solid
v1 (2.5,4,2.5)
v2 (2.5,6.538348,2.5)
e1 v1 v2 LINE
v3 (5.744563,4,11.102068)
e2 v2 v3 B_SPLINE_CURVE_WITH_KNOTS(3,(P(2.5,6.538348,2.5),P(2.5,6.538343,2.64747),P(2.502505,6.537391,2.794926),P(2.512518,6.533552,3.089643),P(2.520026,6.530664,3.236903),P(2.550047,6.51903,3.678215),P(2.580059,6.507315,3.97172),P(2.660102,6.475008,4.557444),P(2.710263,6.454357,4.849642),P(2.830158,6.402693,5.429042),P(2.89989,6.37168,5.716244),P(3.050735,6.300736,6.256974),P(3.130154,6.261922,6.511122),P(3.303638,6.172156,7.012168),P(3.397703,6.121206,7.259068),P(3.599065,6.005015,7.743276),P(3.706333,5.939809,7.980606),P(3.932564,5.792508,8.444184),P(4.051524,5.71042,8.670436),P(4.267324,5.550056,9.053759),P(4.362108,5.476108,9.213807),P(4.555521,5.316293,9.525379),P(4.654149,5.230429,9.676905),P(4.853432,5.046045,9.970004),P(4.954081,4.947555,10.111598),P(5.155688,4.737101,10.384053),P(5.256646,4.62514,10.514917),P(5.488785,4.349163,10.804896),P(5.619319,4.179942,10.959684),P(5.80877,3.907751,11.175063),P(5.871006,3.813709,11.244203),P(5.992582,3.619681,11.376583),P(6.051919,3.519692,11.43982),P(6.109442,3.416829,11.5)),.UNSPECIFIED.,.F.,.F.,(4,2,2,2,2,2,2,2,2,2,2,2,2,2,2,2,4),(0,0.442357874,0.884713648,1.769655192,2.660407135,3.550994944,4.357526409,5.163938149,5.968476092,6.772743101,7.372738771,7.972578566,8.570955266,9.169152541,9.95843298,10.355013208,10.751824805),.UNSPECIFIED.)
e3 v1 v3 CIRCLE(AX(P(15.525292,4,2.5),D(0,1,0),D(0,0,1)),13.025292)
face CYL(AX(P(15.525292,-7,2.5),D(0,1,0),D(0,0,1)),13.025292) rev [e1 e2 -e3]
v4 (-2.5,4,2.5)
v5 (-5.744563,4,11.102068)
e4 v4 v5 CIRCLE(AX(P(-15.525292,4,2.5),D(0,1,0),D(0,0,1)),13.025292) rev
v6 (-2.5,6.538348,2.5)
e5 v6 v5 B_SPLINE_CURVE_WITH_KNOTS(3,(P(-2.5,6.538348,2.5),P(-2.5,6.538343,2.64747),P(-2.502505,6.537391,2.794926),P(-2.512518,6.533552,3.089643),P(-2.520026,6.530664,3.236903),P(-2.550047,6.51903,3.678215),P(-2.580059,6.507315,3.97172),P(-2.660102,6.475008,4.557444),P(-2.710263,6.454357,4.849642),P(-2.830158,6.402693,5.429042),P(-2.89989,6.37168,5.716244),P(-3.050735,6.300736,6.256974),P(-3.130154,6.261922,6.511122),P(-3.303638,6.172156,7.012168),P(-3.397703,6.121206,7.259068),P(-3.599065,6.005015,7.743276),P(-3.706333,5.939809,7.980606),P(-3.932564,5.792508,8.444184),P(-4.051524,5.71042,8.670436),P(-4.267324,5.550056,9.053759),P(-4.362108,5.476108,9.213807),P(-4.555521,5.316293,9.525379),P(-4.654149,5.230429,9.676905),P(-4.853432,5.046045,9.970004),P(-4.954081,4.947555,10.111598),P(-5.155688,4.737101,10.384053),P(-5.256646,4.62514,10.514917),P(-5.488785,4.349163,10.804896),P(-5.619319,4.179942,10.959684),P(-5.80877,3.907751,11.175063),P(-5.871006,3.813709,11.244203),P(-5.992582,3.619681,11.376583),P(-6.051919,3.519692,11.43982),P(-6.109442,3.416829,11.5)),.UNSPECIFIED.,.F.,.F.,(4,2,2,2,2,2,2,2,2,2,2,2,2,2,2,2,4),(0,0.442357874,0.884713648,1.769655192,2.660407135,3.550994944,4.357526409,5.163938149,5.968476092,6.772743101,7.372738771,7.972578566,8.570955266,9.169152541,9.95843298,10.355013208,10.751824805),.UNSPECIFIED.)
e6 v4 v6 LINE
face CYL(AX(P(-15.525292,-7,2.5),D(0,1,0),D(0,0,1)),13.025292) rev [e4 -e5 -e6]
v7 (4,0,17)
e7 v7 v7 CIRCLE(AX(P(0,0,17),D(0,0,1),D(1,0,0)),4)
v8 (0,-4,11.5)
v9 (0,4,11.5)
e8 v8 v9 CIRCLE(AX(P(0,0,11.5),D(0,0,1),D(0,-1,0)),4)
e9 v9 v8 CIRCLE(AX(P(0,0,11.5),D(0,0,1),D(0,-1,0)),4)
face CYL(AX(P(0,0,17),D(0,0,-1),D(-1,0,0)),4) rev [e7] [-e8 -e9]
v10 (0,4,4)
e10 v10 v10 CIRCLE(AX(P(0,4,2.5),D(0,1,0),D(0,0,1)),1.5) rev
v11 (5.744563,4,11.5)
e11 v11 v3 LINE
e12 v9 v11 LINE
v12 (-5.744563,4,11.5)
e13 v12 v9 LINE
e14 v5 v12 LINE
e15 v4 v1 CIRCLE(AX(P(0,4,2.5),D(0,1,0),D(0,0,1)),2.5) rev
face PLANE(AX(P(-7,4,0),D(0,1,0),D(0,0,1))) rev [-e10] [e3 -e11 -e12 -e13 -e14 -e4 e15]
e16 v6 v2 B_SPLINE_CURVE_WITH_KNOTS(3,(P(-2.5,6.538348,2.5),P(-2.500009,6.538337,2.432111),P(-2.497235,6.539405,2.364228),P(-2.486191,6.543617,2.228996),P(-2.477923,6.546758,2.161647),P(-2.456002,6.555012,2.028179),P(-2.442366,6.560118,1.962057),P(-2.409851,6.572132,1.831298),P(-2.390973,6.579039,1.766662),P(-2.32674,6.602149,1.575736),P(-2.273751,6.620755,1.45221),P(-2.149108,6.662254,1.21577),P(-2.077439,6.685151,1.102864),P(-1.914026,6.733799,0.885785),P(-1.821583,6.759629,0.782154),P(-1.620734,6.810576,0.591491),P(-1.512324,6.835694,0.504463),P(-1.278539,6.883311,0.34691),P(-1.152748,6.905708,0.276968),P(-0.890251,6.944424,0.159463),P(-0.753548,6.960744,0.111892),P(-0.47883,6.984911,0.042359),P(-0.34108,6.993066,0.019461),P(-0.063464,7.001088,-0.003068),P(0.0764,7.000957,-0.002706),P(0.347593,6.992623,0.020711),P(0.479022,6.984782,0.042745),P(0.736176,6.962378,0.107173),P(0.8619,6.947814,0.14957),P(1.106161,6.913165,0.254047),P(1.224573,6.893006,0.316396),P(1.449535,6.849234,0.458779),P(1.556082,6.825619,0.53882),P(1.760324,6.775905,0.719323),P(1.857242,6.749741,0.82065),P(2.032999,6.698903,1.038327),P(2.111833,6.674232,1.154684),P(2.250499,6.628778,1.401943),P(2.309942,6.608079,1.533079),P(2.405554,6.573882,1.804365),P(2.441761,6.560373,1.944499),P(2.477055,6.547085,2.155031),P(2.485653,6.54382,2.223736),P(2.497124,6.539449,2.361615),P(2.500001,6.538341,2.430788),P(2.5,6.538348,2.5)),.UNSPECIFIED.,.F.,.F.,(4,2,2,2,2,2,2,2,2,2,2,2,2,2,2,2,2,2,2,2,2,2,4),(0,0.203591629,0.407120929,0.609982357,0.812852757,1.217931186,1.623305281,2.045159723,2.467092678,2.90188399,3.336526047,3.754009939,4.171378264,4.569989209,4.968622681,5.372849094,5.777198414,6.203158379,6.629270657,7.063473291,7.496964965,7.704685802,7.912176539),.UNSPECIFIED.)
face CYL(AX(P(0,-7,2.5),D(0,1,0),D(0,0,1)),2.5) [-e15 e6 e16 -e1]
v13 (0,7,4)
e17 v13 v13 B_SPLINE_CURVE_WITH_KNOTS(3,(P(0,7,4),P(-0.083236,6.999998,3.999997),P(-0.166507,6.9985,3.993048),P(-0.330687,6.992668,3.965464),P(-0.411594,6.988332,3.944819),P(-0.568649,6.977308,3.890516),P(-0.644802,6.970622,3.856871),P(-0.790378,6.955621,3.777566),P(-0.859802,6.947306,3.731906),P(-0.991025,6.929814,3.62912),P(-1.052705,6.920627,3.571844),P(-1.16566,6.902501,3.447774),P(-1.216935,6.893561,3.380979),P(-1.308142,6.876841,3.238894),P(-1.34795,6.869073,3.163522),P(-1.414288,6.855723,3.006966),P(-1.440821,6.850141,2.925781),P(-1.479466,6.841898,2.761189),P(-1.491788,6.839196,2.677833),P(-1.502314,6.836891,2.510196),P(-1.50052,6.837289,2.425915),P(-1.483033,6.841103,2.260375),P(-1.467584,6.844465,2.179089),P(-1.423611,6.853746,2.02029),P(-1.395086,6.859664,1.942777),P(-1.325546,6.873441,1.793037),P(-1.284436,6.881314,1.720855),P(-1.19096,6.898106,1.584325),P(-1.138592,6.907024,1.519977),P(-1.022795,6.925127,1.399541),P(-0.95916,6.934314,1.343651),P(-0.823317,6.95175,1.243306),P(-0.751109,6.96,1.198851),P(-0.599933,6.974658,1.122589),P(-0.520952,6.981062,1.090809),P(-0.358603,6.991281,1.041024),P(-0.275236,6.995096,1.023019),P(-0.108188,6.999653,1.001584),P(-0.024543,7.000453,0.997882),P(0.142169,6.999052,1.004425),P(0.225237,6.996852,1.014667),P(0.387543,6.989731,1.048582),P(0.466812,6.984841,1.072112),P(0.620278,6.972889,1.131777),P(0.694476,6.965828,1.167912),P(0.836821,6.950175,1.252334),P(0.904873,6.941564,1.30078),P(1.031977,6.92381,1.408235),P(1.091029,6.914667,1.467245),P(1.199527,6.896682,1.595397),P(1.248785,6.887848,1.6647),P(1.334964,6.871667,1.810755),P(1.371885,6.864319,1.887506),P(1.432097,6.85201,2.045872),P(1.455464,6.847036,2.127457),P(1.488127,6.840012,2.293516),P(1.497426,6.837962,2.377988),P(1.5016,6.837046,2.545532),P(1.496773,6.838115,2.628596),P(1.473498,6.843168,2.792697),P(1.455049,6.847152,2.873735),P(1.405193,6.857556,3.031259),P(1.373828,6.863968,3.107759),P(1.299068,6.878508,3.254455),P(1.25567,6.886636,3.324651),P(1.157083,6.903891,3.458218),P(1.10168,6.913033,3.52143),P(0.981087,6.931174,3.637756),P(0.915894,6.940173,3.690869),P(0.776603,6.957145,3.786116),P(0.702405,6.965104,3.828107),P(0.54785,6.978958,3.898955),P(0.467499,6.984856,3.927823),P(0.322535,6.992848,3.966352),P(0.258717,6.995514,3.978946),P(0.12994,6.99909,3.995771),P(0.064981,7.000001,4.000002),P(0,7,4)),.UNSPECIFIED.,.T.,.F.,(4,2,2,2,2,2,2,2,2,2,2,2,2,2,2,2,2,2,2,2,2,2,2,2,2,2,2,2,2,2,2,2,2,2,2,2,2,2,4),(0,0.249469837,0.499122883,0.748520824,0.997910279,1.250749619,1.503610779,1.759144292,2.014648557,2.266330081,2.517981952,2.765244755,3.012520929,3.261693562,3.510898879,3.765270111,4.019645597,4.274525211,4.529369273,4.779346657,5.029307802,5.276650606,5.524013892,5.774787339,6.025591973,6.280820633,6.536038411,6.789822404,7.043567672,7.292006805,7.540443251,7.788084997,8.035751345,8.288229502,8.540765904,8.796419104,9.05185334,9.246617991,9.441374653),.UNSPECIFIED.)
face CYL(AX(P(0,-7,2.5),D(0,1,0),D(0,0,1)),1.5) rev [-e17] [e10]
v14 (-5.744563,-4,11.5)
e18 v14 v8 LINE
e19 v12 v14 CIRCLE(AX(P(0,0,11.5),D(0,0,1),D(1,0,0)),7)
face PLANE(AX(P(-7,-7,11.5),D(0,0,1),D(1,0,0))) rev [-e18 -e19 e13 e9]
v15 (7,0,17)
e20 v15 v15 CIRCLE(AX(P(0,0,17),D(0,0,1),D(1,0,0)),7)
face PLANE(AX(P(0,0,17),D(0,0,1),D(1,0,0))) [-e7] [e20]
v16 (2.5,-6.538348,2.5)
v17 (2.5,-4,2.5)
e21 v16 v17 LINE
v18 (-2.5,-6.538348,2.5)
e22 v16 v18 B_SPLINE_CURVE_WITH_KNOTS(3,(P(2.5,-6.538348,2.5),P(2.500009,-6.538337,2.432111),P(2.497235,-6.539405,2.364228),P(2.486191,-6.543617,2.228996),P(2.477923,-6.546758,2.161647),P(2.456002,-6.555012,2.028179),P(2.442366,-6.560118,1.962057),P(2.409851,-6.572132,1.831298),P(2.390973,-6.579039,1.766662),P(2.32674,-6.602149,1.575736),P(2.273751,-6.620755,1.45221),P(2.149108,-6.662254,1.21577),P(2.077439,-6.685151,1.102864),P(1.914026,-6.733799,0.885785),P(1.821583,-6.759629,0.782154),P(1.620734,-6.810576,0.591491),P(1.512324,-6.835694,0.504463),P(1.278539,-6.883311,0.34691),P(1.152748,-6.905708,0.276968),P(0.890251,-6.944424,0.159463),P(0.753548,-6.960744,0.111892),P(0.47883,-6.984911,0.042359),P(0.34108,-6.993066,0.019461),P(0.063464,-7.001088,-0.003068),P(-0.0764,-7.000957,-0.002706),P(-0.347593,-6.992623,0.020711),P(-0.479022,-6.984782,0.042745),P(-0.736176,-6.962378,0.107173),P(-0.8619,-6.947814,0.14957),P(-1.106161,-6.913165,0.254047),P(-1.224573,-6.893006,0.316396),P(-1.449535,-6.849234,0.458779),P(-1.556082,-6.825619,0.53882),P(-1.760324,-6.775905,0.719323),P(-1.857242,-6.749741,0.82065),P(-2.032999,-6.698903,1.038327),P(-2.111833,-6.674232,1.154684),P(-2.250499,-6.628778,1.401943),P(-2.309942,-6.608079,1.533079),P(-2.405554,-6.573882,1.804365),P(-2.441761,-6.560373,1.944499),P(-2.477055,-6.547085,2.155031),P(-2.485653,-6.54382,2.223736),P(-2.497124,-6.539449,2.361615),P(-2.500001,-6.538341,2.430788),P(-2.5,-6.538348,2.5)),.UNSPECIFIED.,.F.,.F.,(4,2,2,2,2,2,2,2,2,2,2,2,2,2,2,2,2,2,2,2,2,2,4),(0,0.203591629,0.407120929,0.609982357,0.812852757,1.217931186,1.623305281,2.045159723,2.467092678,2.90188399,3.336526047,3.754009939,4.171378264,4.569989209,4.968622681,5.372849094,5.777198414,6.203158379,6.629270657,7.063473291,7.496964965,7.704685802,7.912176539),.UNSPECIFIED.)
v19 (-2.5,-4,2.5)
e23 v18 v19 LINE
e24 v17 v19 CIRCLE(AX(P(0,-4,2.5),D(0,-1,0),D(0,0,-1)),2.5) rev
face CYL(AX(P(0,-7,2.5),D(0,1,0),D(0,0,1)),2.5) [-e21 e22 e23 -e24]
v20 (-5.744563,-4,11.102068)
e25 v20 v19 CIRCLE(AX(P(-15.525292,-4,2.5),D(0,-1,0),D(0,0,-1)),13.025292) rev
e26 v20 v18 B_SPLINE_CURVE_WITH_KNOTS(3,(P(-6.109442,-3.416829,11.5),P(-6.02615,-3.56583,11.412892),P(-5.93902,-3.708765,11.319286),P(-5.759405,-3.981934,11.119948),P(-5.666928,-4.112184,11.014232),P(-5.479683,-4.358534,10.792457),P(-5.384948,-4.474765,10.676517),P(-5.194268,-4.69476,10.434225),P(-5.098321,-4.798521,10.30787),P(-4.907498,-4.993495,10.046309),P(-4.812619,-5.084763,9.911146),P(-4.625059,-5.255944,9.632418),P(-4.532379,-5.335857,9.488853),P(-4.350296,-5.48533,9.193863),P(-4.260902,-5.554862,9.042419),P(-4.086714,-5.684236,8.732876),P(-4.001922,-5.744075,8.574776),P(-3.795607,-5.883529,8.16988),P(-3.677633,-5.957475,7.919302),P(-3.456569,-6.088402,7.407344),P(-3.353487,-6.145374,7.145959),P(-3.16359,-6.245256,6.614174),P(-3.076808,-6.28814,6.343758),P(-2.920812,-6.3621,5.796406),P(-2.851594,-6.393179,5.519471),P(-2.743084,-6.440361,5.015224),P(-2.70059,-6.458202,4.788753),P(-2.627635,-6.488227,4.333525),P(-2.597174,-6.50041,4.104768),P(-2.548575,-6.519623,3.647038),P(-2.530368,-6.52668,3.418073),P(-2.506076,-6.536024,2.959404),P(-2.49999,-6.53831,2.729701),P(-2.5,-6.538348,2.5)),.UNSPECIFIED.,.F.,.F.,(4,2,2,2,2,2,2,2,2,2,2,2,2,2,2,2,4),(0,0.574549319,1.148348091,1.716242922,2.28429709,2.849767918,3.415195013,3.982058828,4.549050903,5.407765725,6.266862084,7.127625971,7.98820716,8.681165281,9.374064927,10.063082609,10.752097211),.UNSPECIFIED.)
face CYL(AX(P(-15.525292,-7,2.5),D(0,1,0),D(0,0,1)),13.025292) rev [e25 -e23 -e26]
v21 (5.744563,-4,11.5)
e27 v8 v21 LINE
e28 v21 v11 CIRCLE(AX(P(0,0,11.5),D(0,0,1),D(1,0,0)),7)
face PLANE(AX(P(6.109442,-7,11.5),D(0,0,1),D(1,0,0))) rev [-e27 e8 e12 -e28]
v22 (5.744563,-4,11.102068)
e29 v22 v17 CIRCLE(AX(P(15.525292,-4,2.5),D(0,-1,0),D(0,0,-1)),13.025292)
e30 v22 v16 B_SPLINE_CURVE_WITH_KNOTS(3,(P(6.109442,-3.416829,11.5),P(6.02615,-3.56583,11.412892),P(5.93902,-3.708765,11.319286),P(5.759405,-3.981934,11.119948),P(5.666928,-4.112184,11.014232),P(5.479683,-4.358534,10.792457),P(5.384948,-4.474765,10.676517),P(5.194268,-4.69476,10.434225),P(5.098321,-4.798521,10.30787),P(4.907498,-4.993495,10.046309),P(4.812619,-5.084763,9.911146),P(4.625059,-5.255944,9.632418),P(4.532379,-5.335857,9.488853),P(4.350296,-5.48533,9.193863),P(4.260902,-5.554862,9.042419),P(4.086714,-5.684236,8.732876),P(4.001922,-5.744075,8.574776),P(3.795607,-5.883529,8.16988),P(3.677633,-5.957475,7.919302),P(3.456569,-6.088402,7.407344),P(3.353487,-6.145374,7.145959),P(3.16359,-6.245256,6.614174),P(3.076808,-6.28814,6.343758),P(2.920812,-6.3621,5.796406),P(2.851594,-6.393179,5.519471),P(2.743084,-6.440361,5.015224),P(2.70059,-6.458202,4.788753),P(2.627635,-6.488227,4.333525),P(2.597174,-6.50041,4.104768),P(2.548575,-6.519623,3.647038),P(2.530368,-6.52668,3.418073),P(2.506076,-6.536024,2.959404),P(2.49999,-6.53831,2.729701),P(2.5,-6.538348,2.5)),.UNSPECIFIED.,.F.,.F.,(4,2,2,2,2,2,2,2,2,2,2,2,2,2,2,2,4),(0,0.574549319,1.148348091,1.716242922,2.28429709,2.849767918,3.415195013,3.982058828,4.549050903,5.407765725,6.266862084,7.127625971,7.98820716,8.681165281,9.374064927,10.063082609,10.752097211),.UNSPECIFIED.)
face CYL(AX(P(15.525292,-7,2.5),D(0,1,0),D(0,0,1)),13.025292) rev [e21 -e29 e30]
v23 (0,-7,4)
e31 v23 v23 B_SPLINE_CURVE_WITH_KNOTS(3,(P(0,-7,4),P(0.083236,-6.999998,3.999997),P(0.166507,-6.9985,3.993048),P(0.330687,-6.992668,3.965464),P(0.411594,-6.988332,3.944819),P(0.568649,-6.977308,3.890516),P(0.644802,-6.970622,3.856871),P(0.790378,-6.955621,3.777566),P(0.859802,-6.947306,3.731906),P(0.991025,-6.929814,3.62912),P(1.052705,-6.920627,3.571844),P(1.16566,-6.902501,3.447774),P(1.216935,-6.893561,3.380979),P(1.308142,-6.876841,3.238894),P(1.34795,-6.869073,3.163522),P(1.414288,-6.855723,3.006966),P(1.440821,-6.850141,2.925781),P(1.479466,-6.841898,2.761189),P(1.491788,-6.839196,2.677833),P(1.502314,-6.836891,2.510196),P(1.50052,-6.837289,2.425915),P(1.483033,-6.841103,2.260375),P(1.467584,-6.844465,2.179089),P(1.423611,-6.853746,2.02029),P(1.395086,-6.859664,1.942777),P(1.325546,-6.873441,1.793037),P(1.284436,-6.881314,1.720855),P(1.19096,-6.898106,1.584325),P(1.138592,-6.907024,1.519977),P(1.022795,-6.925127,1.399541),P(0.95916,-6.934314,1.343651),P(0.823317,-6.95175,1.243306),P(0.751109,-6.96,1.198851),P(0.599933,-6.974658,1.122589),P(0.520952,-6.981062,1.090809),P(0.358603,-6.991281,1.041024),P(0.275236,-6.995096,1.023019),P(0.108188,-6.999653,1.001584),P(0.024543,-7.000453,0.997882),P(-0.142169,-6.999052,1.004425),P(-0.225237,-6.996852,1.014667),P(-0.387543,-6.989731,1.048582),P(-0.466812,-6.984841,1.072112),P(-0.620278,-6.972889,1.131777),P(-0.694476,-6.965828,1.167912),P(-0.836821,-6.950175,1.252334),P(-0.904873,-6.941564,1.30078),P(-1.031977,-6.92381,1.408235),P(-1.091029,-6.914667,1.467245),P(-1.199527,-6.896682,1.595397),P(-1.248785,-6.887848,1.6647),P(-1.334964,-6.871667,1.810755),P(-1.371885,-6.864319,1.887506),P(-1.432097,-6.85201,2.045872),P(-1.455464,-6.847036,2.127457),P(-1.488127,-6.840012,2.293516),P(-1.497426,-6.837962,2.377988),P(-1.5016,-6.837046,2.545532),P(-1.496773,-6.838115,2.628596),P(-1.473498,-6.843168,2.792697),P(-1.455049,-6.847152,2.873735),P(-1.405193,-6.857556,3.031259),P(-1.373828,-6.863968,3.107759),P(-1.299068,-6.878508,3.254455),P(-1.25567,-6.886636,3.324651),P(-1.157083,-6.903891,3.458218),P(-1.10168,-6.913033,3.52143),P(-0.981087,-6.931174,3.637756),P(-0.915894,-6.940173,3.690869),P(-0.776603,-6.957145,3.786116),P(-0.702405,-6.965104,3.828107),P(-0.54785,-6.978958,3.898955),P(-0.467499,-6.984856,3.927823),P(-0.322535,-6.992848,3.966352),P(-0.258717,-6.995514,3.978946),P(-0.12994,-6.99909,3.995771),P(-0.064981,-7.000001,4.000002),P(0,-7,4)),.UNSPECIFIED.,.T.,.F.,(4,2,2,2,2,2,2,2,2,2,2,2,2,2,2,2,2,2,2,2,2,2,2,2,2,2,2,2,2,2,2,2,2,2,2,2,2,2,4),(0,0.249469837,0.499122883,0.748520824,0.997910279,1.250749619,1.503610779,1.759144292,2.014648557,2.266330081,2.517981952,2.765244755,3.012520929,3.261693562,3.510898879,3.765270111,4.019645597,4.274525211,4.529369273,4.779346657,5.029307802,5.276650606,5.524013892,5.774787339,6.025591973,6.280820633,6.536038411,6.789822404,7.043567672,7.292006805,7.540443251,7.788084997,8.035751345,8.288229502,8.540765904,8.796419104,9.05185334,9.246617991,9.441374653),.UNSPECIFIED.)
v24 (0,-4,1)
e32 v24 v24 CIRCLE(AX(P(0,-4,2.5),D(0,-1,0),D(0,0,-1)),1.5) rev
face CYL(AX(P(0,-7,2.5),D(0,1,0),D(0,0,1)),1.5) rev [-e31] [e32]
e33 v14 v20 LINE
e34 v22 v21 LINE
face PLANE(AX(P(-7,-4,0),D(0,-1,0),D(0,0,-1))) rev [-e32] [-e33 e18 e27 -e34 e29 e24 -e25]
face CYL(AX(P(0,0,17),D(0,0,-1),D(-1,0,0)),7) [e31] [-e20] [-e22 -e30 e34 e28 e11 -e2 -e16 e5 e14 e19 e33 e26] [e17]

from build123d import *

# Parameters (mm, degrees)
SKETCH1_R               = 7
SKETCH1_R_2             = 4
BOSS_EXTRUDE1_DEPTH     = 17
SKETCH2_R               = 1.5
CUT_EXTRUDE1_DEPTH      = 8
CUT_EXTRUDE1_DEPTH_BACK = 8
SKETCH3_W               = 11.5
SKETCH3_H               = 8
CUT_EXTRUDE2_DEPTH      = 8.0000001
CUT_EXTRUDE2_DEPTH_BACK = 8.0000001


with BuildPart() as part:
    # Sketch1 → Boss-Extrude1 (new body)
    with BuildSketch(Plane.XY):
        Circle(SKETCH1_R)
        Circle(SKETCH1_R_2, mode=Mode.SUBTRACT)
    extrude(amount=BOSS_EXTRUDE1_DEPTH)

    # Sketch2 → Cut-Extrude1 (cut, two sides)
    with BuildSketch(Plane(origin=(0, 0, 0), x_dir=(1, 0, 0), z_dir=(0, 1, 0))) as cut_extrude1_sk:
        with Locations((0, -2.5)):
            Circle(SKETCH2_R)
        with BuildLine():
            Line((-7, -11.5), (-7, 0))
            Line((-7, 0), (0, 1))
            Line((0, 1), (7, 0))
            Line((7, 0), (7, -11.5))
            Line((7, -11.5), (6.109441797, -11.5))
            ThreePointArc((6.109441797, -11.5), (3.435990323, -7.348403606), (2.5, -2.5))
            ThreePointArc((2.5, -2.5), (0, 0), (-2.5, -2.5))
            ThreePointArc((-2.5, -2.5), (-3.435990323, -7.348403606), (-6.109441797, -11.5))
            Line((-6.109441797, -11.5), (-7, -11.5))
        make_face()
    extrude(amount=CUT_EXTRUDE1_DEPTH, mode=Mode.SUBTRACT)
    extrude(cut_extrude1_sk.sketch, amount=-CUT_EXTRUDE1_DEPTH_BACK, mode=Mode.SUBTRACT)

    # Sketch3 → Cut-Extrude2 (cut, two sides)
    with BuildSketch(Plane(origin=(0, 0, 0), x_dir=(0, 0, -1), z_dir=(1, 0, 0))) as cut_extrude2_sk:
        with Locations((-5.75, 0)):
            Rectangle(SKETCH3_W, SKETCH3_H)
    extrude(amount=CUT_EXTRUDE2_DEPTH, mode=Mode.SUBTRACT)
    extrude(cut_extrude2_sk.sketch, amount=-CUT_EXTRUDE2_DEPTH_BACK, mode=Mode.SUBTRACT)


solid = part.part
